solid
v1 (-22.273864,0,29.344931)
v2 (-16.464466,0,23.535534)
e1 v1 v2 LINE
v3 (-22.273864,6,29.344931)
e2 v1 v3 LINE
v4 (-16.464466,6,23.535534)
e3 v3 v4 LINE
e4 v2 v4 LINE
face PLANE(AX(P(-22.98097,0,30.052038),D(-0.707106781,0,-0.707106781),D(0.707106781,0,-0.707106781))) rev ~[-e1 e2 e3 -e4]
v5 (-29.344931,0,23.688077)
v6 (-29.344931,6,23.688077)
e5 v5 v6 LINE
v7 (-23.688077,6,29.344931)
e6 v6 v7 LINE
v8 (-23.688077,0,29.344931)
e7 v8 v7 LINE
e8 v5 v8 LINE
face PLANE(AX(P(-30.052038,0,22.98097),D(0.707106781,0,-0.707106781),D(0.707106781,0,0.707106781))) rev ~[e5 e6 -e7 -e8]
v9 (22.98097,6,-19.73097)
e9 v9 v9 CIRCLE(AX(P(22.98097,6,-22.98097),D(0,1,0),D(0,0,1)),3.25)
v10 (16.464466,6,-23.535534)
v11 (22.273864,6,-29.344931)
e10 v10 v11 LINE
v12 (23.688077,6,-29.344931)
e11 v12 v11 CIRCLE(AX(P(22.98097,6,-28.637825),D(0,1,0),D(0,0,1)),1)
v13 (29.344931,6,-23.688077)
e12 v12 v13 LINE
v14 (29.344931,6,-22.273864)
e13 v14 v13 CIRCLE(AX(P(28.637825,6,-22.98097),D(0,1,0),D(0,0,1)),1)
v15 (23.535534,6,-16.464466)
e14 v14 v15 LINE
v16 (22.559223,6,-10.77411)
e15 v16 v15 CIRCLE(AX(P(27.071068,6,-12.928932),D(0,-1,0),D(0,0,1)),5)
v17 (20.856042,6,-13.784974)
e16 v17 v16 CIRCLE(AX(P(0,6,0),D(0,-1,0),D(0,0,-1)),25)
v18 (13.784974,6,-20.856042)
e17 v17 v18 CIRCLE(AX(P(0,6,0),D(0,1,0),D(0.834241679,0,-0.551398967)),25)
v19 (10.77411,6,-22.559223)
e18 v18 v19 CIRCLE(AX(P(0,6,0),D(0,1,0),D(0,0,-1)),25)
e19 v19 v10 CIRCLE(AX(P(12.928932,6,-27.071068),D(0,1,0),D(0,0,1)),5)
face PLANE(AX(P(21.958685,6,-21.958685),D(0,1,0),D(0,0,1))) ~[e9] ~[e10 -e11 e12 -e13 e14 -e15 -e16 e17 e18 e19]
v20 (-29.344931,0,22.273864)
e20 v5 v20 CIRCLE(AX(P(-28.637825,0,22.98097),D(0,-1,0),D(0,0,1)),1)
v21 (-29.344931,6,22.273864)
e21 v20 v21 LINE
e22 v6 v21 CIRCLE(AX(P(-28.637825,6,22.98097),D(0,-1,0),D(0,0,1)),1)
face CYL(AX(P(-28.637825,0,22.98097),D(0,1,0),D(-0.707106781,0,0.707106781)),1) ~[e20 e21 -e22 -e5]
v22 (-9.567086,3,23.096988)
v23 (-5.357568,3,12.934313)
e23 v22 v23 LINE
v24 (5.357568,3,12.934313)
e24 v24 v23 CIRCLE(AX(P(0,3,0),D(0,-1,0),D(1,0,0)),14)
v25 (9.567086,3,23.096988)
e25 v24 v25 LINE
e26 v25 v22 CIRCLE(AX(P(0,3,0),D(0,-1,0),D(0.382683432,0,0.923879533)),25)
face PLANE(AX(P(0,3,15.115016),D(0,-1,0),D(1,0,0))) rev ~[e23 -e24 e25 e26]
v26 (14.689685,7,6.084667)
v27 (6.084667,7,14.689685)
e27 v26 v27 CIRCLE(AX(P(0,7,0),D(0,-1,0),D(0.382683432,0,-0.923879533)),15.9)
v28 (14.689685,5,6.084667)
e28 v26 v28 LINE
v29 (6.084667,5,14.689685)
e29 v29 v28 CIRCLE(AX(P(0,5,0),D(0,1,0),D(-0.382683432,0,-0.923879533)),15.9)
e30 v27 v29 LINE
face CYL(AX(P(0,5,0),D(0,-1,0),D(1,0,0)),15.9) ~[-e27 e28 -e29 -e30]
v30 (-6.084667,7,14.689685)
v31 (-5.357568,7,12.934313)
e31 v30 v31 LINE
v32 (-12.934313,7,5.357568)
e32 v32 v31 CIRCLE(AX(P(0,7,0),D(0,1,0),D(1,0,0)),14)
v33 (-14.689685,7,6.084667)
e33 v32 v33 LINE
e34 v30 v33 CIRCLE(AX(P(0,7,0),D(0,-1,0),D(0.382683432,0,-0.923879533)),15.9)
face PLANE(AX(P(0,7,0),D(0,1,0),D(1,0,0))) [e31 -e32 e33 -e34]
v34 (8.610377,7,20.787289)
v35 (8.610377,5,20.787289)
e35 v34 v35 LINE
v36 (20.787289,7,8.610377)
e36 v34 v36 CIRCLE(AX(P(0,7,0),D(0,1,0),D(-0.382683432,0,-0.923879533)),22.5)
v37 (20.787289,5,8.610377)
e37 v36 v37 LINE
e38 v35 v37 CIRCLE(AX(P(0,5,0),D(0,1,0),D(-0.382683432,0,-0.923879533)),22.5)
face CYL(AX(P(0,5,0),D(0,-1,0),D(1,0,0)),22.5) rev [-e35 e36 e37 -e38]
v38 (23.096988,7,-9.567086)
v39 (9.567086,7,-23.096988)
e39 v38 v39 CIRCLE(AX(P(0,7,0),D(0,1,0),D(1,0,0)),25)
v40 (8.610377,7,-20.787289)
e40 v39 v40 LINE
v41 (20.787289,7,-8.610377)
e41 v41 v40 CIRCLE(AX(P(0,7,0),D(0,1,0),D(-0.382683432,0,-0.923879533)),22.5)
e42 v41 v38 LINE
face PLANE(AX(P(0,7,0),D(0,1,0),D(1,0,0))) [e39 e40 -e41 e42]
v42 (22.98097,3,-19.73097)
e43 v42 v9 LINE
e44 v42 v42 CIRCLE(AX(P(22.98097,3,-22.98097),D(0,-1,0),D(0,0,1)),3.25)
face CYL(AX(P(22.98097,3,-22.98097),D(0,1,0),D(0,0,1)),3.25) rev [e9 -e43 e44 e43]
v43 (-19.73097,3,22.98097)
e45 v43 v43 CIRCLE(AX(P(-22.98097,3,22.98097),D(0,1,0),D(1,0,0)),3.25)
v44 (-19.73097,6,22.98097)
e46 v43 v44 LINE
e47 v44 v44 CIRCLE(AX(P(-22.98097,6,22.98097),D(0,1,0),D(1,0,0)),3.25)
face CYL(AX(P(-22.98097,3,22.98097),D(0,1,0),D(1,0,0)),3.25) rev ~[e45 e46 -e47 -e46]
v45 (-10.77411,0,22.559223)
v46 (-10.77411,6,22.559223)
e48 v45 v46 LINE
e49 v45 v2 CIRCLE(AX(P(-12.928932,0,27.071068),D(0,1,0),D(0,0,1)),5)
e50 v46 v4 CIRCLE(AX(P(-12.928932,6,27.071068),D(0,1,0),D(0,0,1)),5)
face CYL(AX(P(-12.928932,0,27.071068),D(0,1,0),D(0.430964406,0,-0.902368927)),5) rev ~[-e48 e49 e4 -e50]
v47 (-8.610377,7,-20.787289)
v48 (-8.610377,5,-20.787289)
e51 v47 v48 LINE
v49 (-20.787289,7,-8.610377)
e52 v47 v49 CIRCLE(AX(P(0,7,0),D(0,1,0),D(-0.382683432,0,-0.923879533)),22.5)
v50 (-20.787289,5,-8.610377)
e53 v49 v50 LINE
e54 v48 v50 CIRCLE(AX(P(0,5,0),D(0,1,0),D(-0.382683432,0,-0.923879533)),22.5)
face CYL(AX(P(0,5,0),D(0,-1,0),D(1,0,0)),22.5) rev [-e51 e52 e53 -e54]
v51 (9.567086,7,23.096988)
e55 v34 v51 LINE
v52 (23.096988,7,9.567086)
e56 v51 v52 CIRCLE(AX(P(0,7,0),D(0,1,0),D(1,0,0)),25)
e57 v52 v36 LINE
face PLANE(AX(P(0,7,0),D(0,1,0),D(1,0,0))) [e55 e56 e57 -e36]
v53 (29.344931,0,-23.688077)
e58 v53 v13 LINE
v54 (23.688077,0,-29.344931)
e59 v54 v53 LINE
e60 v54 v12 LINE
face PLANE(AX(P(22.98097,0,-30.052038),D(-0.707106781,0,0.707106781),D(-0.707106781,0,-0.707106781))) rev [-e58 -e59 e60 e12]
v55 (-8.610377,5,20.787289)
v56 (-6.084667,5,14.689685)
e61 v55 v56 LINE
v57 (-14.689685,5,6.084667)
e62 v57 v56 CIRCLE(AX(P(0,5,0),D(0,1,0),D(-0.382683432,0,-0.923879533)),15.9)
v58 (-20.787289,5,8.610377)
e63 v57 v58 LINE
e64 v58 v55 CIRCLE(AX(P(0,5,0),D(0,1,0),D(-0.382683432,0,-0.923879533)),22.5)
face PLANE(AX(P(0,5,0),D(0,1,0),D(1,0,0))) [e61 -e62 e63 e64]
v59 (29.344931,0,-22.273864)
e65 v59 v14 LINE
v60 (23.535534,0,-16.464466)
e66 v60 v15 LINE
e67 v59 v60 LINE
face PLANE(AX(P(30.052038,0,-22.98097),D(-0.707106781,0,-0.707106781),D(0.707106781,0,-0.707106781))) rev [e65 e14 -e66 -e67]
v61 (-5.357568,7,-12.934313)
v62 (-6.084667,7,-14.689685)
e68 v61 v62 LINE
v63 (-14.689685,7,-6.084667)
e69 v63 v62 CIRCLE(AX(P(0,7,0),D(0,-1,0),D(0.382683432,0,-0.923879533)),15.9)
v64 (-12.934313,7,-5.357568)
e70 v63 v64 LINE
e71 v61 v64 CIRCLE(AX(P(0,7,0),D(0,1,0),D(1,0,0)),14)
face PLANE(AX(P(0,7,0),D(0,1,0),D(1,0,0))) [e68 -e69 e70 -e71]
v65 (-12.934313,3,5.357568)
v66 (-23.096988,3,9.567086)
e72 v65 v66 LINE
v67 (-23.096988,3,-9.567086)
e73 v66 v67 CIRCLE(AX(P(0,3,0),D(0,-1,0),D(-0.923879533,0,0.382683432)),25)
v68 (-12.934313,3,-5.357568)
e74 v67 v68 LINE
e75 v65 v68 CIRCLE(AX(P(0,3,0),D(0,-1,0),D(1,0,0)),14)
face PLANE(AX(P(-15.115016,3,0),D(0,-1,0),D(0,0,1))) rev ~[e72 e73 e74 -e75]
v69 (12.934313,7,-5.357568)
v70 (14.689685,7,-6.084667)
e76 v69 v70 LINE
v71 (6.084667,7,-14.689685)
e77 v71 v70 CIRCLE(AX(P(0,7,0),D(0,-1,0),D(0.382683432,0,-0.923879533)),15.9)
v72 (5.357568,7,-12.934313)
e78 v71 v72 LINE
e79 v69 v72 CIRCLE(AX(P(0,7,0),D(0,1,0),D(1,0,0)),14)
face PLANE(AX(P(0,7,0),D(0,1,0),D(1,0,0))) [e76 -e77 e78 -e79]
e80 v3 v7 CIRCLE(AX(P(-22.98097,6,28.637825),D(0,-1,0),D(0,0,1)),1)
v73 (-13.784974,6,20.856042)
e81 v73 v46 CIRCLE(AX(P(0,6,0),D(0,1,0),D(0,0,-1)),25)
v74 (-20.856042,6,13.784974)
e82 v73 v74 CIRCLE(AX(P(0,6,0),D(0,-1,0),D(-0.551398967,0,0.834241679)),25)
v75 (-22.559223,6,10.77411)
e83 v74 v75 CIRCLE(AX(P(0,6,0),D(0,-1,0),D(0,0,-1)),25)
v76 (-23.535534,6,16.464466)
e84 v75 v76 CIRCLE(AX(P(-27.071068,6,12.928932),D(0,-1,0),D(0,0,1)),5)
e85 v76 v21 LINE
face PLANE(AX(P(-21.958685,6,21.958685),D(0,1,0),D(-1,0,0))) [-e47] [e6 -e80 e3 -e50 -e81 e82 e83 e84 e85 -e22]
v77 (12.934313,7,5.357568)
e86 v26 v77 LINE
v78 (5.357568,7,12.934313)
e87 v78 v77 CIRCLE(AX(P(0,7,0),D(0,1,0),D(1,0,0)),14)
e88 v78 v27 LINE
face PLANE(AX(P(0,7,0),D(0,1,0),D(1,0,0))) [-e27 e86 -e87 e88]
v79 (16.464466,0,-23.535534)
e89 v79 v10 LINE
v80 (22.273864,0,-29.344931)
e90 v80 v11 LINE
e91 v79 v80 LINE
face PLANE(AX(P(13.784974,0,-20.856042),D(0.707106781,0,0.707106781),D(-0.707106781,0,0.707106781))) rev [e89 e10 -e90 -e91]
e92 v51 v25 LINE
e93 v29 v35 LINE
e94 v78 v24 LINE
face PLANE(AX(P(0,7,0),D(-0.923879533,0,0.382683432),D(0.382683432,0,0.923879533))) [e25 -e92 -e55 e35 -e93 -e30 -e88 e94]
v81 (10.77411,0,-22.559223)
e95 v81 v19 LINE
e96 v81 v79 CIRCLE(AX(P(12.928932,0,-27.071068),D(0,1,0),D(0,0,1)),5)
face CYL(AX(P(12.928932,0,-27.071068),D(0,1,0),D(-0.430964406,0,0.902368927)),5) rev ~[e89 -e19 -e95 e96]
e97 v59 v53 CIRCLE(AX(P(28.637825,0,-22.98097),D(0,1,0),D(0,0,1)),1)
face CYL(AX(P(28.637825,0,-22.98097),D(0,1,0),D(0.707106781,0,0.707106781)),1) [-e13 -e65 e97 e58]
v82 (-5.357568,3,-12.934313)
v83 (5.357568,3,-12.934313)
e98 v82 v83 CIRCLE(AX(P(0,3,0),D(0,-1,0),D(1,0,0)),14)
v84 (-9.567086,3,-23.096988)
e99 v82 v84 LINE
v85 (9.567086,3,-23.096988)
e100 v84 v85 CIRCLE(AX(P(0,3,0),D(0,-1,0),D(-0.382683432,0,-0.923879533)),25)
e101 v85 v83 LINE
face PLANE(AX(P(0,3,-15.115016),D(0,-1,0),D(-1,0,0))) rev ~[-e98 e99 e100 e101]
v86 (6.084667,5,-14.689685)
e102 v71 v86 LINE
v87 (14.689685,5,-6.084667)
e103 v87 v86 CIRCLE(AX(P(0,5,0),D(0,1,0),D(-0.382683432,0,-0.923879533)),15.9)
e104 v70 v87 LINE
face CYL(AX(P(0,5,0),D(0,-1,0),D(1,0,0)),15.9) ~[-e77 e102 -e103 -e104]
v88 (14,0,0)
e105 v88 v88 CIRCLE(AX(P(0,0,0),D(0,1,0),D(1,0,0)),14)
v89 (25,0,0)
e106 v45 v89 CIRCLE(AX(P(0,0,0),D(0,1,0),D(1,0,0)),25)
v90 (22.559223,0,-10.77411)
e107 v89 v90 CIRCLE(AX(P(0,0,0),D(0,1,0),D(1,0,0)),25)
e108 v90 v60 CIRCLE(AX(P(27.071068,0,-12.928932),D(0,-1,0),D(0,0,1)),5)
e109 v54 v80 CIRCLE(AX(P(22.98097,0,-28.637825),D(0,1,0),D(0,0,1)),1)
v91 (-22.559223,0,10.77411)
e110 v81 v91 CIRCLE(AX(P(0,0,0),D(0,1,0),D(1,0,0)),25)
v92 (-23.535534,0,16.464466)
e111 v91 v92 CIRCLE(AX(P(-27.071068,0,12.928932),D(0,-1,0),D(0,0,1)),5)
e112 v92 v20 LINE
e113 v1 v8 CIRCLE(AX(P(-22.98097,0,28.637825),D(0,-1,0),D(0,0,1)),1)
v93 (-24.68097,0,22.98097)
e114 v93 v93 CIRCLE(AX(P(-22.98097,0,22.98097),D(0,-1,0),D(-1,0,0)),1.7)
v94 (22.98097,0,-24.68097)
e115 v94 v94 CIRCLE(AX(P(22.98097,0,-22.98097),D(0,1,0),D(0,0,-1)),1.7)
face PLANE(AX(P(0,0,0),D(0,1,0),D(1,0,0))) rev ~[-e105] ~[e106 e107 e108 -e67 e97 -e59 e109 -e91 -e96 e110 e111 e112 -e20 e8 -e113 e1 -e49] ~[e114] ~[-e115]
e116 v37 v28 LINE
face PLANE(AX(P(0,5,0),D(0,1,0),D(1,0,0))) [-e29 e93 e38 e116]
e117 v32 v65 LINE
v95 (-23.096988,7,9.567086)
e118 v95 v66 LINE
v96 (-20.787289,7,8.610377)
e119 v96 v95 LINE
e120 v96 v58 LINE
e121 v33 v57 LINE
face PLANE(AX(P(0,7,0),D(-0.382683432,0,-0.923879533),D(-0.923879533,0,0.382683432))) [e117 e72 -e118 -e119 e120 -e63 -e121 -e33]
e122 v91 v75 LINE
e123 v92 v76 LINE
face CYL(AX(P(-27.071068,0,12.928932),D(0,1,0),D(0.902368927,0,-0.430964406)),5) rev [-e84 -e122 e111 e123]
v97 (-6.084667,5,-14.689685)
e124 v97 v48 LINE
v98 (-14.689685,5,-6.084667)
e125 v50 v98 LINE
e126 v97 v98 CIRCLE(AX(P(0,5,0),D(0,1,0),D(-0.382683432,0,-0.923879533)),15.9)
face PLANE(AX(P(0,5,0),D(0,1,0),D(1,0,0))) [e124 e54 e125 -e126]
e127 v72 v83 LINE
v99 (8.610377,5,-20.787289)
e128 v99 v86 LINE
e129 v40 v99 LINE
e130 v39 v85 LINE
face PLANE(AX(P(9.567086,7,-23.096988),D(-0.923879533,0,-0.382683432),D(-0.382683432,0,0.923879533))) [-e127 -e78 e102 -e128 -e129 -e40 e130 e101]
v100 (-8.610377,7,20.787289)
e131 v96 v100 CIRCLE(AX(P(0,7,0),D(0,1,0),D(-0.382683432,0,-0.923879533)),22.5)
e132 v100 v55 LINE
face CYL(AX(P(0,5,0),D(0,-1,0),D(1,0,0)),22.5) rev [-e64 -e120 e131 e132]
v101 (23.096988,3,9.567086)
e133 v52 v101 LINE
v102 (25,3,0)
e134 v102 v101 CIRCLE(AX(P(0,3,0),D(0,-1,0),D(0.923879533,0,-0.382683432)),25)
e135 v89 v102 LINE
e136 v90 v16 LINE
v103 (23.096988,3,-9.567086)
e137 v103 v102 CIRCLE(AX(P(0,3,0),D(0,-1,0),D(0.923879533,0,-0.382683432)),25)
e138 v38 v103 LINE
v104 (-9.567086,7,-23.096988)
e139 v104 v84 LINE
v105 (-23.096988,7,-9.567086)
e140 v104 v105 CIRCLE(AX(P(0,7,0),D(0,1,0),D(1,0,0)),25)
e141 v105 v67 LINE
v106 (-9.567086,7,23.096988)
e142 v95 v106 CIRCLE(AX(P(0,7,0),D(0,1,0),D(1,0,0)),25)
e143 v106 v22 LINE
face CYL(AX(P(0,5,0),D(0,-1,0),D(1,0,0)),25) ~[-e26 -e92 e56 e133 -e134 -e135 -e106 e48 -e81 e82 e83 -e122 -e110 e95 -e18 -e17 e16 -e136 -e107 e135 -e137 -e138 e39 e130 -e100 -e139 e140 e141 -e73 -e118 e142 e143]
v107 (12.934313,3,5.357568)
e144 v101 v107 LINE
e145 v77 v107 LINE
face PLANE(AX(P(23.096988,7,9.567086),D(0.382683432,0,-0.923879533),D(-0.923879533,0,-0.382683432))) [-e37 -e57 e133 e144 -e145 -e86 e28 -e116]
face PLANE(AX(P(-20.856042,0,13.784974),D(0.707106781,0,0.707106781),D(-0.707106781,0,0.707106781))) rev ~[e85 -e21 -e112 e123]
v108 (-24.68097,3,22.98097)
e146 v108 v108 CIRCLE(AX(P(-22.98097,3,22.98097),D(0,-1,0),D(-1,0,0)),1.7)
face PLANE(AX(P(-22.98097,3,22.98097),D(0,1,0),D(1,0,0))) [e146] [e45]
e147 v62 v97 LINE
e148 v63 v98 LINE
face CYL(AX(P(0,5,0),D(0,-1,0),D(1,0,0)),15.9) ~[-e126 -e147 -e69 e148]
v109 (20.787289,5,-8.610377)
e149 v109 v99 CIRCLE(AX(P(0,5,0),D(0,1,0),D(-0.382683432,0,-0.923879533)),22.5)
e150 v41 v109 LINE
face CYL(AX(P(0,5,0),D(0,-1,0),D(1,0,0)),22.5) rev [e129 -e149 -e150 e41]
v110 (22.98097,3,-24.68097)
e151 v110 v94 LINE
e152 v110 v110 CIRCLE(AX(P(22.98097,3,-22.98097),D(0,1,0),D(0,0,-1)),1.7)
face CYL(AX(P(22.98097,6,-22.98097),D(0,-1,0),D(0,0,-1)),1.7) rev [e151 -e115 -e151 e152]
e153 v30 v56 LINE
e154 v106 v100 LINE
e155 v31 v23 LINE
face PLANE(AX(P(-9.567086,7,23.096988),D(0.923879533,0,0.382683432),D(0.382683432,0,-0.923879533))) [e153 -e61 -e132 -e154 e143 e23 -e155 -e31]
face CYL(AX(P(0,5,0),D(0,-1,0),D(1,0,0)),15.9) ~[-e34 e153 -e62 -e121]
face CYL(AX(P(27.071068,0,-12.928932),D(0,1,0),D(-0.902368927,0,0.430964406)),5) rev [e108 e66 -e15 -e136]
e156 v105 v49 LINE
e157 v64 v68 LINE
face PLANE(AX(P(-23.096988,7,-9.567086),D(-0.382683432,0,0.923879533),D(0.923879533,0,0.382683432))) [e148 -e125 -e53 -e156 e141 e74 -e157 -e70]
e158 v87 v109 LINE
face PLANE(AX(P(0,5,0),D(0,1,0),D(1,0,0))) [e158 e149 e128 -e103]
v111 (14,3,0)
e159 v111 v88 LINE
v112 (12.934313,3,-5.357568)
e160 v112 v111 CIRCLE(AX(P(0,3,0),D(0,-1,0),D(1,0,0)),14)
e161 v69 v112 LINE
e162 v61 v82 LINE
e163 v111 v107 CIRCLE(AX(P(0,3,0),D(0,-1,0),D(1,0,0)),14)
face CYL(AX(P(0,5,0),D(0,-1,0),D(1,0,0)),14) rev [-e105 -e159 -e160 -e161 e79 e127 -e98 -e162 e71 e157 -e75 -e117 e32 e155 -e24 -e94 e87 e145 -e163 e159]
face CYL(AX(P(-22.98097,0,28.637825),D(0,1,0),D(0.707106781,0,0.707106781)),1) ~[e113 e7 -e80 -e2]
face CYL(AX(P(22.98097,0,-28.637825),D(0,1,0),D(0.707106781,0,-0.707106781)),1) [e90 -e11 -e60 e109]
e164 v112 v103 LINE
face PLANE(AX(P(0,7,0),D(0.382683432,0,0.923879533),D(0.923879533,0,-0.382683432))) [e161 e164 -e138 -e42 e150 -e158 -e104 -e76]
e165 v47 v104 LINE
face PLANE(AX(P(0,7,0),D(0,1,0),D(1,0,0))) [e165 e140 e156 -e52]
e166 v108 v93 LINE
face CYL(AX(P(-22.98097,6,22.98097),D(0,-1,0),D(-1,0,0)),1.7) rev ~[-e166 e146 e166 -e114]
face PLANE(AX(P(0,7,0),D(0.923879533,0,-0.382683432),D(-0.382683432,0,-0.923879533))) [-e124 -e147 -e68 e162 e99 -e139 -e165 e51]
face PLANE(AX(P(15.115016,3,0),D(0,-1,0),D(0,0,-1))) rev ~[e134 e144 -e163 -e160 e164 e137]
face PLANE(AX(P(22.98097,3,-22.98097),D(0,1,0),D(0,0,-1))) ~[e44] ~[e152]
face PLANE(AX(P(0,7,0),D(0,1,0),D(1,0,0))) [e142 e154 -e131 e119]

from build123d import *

# Parameters (mm, degrees)
SKETCH1_R                      = 25
SKETCH1_R_2                    = 14
BOSS_EXTRUDE1_DEPTH            = 5
SKETCH3_R                      = 25
SKETCH3_R_2                    = 22.5
BOSS_EXTRUDE2_DEPTH            = 2
SKETCH5_R                      = 15.9
SKETCH5_R_2                    = 14
BOSS_EXTRUDE3_DEPTH            = 2
CUT_EXTRUDE1_DEPTH             = 4
CIRPATTERN1_COUNT              = 4
BOSS_EXTRUDE4_DEPTH            = 6
CBORE_FOR_M3_SHCS1_D           = 3.4
CBORE_FOR_M3_SHCS1_DEPTH       = 6
CBORE_FOR_M3_SHCS1_CBORE_D     = 6.5
CBORE_FOR_M3_SHCS1_CBORE_DEPTH = 3
FILLET1_R                      = 5
FILLET1_OF_MIRROR1_R           = 5
FILLET2_R                      = 1


with BuildPart() as part:
    # Sketch1 → Boss-Extrude1 (new body)
    with BuildSketch(Plane(origin=(0, 0, 0), x_dir=(1, 0, 0), z_dir=(0, 1, 0))):
        Circle(SKETCH1_R)
        Circle(SKETCH1_R_2, mode=Mode.SUBTRACT)
    extrude(amount=BOSS_EXTRUDE1_DEPTH)

    # Sketch3 → Boss-Extrude2 (add)
    with BuildSketch(Plane(origin=(0, 5, 0), x_dir=(1, 0, 0), z_dir=(0, 1, 0))):
        Circle(SKETCH3_R)
        Circle(SKETCH3_R_2, mode=Mode.SUBTRACT)
    extrude(amount=BOSS_EXTRUDE2_DEPTH)

    # Sketch5 → Boss-Extrude3 (add, through all)
    with BuildSketch(Plane(origin=(0, 5, 0), x_dir=(1, 0, 0), z_dir=(0, 1, 0))):
        Circle(SKETCH5_R)
        Circle(SKETCH5_R_2, mode=Mode.SUBTRACT)
    extrude(amount=BOSS_EXTRUDE3_DEPTH)

    # Sketch4 → Cut-Extrude1 (cut)
    with BuildSketch(Plane(origin=(0, 7, 0), x_dir=(1, 0, 0), z_dir=(0, 1, 0))):
        with BuildLine():
            Line((0, 0), (-9.567085809, 23.096988313))
            ThreePointArc((-9.567085809, 23.096988313), (0, 25), (9.567085809, 23.096988313))
            Line((9.567085809, 23.096988313), (0, 0))
        make_face()
    cut_extrude1 = extrude(amount=-CUT_EXTRUDE1_DEPTH, mode=Mode.SUBTRACT)

    # CirPattern1: Cut-Extrude1 ×4 about axis
    cirpattern1_axis = Axis((0, 7, 0), (0, -1, 0))
    for i in range(1, CIRPATTERN1_COUNT):
        add(cut_extrude1.rotate(cirpattern1_axis, i * 360 / CIRPATTERN1_COUNT), mode=Mode.SUBTRACT)

    # Sketch6 → Boss-Extrude4 (add)
    with BuildSketch(Plane.XZ):
        with BuildLine():
            Line((-30.0520382, 22.980970389), (-22.980970389, 30.0520382))
            Line((-22.980970389, 30.0520382), (-13.78497417, 20.856041982))
            ThreePointArc((-13.78497417, 20.856041982), (-17.67766953, 17.67766953), (-20.856041982, 13.78497417))
            Line((-20.856041982, 13.78497417), (-30.0520382, 22.980970389))
        make_face()
    boss_extrude4 = extrude(amount=-BOSS_EXTRUDE4_DEPTH)

    # CBORE for M3 SHCS1
    with Locations(Plane(origin=(0, 6, 0), x_dir=(1, 0, 0), z_dir=(0, 1, 0))):
        with Locations((-22.980970389, -22.980970389)):
            cbore_for_m3_shcs1 = CounterBoreHole(CBORE_FOR_M3_SHCS1_D / 2, CBORE_FOR_M3_SHCS1_CBORE_D / 2, CBORE_FOR_M3_SHCS1_CBORE_DEPTH, depth=CBORE_FOR_M3_SHCS1_DEPTH)

    # Fillet1
    fillet1_edges = [part.edges().sort_by_distance(p)[0] for p in [
        (-20.856041982, 3, 13.78497417),
        (-13.78497417, 3, 20.856041982),
    ]]
    fillet(fillet1_edges, radius=FILLET1_R)

    # Mirror1: Boss-Extrude4, CBORE for M3 SHCS1 across plane
    add(boss_extrude4.mirror(Plane(origin=(0, 0, 0), x_dir=(0.707106781, 0, 0.707106781), z_dir=(-0.707106781, 0, 0.707106781))))
    add(cbore_for_m3_shcs1.mirror(Plane(origin=(0, 0, 0), x_dir=(0.707106781, 0, 0.707106781), z_dir=(-0.707106781, 0, 0.707106781))), mode=Mode.SUBTRACT)

    # Fillet1 of Mirror1
    fillet1_of_mirror1_edges = [part.edges().sort_by_distance(p)[0] for p in [
        (13.78497417, 3, -20.856041982),
        (20.856041982, 3, -13.78497417),
    ]]
    fillet(fillet1_of_mirror1_edges, radius=FILLET1_OF_MIRROR1_R)

    # Fillet2
    fillet2_edges = [part.edges().sort_by_distance(p)[0] for p in [
        (-30.0520382, 3, 22.980970389),
        (-22.980970389, 3, 30.0520382),
        (22.980970389, 3, -30.0520382),
        (30.0520382, 3, -22.980970389),
    ]]
    fillet(fillet2_edges, radius=FILLET2_R)


solid = part.part
